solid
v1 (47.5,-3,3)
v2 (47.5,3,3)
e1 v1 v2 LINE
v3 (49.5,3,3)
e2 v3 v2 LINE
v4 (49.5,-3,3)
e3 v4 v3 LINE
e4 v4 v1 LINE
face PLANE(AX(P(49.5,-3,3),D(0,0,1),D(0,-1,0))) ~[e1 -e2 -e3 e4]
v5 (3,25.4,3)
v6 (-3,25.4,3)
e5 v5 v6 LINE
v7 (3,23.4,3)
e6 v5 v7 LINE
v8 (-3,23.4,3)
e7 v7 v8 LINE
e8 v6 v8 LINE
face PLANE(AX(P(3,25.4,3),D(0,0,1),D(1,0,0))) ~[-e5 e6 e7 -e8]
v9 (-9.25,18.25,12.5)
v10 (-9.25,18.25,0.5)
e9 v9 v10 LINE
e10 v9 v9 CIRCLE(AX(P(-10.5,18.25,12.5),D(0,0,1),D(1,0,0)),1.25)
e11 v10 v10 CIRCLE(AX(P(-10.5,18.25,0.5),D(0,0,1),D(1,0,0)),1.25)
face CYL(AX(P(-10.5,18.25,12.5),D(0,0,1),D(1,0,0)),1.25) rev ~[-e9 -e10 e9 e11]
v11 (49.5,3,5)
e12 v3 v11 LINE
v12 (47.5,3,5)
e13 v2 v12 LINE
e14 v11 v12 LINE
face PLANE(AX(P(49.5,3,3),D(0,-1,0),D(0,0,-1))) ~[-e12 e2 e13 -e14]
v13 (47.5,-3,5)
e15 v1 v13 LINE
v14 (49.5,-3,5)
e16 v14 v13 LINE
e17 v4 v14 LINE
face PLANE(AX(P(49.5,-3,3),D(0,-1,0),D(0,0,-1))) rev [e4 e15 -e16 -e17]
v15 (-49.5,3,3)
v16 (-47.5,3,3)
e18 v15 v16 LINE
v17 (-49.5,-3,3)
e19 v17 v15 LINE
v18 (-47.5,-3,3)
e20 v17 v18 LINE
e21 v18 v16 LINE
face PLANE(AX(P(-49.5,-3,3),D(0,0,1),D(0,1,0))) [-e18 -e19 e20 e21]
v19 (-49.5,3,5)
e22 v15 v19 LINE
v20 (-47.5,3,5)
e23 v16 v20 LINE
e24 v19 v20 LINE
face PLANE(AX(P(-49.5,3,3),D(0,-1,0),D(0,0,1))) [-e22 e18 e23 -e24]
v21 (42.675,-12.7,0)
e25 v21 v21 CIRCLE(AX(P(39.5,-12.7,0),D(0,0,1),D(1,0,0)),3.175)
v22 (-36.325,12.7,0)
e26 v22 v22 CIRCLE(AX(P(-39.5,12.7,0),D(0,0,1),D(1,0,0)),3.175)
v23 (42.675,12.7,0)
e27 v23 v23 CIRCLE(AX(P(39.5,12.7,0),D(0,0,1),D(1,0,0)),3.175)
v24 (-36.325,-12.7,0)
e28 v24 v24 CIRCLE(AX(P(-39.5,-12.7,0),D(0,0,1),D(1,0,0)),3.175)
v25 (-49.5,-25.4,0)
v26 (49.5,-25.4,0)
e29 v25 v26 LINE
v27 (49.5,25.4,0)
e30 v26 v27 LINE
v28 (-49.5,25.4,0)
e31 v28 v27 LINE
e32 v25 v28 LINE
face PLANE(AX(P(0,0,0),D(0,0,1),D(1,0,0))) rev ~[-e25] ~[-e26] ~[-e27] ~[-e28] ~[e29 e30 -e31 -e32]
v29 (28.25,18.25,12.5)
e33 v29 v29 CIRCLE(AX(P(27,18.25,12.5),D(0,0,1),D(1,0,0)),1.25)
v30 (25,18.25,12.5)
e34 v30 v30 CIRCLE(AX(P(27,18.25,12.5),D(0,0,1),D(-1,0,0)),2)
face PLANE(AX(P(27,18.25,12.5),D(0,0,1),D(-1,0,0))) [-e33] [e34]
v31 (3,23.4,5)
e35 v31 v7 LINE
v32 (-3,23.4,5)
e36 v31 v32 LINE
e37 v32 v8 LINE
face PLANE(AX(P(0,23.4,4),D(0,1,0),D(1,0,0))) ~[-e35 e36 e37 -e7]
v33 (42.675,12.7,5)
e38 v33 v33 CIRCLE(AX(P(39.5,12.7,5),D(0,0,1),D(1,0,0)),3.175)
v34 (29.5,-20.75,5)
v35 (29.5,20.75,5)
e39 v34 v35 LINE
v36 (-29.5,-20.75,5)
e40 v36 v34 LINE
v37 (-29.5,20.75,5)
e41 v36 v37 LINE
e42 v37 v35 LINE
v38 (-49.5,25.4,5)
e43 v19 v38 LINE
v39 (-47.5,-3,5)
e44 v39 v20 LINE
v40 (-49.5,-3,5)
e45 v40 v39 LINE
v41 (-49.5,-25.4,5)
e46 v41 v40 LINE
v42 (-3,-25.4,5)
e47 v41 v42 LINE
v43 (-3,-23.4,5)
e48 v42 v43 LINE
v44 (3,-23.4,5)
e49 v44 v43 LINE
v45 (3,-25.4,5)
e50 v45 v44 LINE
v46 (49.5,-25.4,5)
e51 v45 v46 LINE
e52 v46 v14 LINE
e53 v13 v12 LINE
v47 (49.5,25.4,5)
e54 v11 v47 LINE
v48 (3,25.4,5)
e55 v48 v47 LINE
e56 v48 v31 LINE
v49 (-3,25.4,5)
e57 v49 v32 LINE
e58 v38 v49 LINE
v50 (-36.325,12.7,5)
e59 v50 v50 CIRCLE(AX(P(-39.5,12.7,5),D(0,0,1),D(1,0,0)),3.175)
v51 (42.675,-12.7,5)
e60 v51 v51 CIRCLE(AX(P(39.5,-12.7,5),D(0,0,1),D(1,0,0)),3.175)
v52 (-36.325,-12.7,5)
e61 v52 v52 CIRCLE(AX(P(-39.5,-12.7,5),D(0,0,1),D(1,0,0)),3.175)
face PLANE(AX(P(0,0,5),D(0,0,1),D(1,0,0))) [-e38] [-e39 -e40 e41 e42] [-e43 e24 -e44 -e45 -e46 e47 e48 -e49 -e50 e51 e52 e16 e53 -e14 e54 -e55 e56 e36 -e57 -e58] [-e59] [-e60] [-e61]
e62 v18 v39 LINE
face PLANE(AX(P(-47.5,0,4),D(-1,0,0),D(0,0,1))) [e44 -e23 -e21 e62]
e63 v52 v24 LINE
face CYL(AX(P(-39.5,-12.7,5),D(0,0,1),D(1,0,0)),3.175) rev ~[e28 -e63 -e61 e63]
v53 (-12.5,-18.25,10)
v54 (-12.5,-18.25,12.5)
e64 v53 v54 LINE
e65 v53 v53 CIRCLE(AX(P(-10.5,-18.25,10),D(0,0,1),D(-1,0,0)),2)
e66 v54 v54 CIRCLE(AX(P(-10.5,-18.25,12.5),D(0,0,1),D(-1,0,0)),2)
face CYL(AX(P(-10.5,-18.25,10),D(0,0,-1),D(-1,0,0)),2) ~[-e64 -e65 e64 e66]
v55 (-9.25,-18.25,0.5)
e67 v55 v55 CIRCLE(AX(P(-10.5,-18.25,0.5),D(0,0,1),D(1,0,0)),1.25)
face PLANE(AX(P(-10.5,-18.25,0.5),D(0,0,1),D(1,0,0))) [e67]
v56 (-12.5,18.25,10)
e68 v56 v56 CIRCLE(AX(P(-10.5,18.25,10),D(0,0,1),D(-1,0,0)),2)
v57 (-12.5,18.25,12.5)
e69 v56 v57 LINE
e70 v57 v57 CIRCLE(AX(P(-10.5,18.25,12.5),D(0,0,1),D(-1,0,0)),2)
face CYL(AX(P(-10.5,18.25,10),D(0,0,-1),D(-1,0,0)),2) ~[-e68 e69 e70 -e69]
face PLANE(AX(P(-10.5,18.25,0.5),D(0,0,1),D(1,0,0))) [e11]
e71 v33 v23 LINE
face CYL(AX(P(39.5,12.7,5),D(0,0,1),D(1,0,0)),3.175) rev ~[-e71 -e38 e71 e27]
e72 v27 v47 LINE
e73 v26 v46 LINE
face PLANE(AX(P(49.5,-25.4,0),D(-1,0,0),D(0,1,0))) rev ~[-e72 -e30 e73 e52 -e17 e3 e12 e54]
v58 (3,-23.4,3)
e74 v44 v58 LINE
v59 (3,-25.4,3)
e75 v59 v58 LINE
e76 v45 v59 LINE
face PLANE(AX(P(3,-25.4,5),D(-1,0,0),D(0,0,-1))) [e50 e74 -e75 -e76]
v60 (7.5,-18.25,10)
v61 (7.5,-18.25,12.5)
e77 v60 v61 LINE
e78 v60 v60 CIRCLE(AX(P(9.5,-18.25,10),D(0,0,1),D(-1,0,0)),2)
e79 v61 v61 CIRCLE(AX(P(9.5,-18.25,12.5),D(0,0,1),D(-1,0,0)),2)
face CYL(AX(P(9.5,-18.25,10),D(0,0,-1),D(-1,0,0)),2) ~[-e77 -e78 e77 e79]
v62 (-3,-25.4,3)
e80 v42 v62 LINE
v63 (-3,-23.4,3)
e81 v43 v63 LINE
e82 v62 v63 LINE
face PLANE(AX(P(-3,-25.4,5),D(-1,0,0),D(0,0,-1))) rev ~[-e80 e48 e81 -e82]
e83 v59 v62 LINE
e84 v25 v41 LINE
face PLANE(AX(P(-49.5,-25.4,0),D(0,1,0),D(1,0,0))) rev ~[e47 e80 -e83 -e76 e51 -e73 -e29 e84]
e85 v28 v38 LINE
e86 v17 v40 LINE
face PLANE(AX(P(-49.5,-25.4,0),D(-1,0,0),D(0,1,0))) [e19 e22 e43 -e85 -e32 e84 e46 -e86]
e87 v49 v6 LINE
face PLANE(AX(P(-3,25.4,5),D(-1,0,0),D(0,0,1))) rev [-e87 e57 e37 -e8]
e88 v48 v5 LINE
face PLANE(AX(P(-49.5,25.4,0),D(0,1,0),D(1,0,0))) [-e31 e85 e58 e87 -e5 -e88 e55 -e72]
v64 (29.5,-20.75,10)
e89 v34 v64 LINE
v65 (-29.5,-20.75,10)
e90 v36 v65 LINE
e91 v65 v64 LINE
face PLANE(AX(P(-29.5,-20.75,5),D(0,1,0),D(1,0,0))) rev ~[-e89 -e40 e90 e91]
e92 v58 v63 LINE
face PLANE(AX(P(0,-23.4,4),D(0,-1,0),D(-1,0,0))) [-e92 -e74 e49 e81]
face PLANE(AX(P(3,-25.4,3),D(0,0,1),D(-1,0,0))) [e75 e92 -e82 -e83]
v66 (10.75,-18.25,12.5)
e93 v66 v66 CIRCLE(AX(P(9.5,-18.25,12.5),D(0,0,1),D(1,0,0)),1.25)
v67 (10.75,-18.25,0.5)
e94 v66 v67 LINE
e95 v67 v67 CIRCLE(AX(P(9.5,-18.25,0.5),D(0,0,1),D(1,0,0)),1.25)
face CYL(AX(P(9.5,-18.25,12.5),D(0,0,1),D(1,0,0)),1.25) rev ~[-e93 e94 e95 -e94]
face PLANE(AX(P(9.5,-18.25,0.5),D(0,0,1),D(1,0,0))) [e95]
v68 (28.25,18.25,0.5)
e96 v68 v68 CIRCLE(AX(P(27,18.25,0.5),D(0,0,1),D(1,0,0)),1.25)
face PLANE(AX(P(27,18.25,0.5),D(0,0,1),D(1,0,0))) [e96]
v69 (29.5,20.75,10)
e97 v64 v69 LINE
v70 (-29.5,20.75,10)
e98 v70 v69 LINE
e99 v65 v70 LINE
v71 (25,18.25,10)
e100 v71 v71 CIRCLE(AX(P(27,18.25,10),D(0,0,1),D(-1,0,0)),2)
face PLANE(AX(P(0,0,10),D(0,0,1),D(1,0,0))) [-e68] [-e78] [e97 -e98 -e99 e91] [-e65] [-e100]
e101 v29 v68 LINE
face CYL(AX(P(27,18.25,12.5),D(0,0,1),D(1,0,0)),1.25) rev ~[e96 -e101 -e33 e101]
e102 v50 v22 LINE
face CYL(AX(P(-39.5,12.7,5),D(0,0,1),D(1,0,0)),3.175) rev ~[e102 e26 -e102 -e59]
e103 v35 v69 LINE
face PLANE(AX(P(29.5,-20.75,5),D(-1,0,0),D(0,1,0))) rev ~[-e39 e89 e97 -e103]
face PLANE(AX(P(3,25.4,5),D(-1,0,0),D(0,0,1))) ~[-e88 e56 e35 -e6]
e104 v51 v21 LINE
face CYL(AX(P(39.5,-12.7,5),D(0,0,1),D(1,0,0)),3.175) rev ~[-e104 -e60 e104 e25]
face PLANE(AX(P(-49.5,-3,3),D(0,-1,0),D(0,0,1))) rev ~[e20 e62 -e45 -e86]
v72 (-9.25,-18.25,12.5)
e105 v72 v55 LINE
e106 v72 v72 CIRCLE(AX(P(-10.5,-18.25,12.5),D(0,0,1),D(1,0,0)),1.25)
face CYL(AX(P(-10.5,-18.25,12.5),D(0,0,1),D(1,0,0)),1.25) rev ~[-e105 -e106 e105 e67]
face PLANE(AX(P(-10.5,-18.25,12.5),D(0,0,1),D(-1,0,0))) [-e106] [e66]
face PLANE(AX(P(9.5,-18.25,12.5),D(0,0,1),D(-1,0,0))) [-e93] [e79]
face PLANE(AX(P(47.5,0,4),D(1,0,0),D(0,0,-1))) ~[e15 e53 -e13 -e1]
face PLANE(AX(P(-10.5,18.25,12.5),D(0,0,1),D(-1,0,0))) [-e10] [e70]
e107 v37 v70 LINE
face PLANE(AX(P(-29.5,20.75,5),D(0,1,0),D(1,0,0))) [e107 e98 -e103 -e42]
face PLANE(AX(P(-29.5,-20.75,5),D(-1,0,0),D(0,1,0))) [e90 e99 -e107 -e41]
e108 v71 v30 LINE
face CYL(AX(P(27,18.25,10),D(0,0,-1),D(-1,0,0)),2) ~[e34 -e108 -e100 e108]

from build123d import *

# Parameters (mm, degrees)
SKETCH1_W           = 99
SKETCH1_H           = 50.8
BOSS_EXTRUDE1_DEPTH = 5
SKETCH3_W           = 59
SKETCH3_H           = 41.5
BOSS_EXTRUDE2_DEPTH = 5
SKETCH2_R           = 3.175
CUT_EXTRUDE1_DEPTH  = 56.860630143
SKETCH4_R           = 2
BOSS_EXTRUDE3_DEPTH = 2.5
SKETCH5_R           = 1.25
CUT_EXTRUDE2_DEPTH  = 12
SKETCH6_W           = 6
SKETCH6_H           = 2
CUT_EXTRUDE3_DEPTH  = 2
SKETCH7_W           = 2
SKETCH7_H           = 6
CUT_EXTRUDE4_DEPTH  = 2


with BuildPart() as part:
    # Sketch1 → Boss-Extrude1 (new body)
    with BuildSketch(Plane.XY):
        Rectangle(SKETCH1_W, SKETCH1_H)
    extrude(amount=BOSS_EXTRUDE1_DEPTH)

    # Sketch3 → Boss-Extrude2 (add)
    with BuildSketch(Plane.XY.offset(5)):
        Rectangle(SKETCH3_W, SKETCH3_H)
    extrude(amount=BOSS_EXTRUDE2_DEPTH)

    # Sketch2 → Cut-Extrude1 (cut, through all)
    with BuildSketch(Plane.XY.offset(5)):
        with Locations((-39.5, 12.7)):
            Circle(SKETCH2_R)
        with Locations((-39.5, -12.7)):
            Circle(SKETCH2_R)
        with Locations((39.5, -12.7)):
            Circle(SKETCH2_R)
        with Locations((39.5, 12.7)):
            Circle(SKETCH2_R)
    extrude(amount=-CUT_EXTRUDE1_DEPTH, mode=Mode.SUBTRACT)

    # Sketch4 → Boss-Extrude3 (add)
    with BuildSketch(Plane.XY.offset(10)):
        with Locations(Location((-10.5, -18.25, 0), (0, 0, 180))):
            Circle(SKETCH4_R)
        with Locations(Location((9.5, -18.25, 0), (0, 0, 180))):
            Circle(SKETCH4_R)
        with Locations(Location((-10.5, 18.25, 0), (0, 0, 180))):
            Circle(SKETCH4_R)
        with Locations(Location((27, 18.25, 0), (0, 0, 180))):
            Circle(SKETCH4_R)
    extrude(amount=BOSS_EXTRUDE3_DEPTH)

    # Sketch5 → Cut-Extrude2 (cut)
    with BuildSketch(Plane.XY.offset(12.5)):
        with Locations((-10.5, 18.25)):
            Circle(SKETCH5_R)
        with Locations((27, 18.25)):
            Circle(SKETCH5_R)
        with Locations((9.5, -18.25)):
            Circle(SKETCH5_R)
        with Locations((-10.5, -18.25)):
            Circle(SKETCH5_R)
    extrude(amount=-CUT_EXTRUDE2_DEPTH, mode=Mode.SUBTRACT)

    # Sketch6 → Cut-Extrude3 (cut)
    with BuildSketch(Plane(origin=(0, -25.4, 0), x_dir=(-1, 0, 0), z_dir=(0, -1, 0))):
        with Locations((0, -4)):
            Rectangle(SKETCH6_W, SKETCH6_H)
    cut_extrude3 = extrude(amount=-CUT_EXTRUDE3_DEPTH, mode=Mode.SUBTRACT)

    # Sketch7 → Cut-Extrude4 (cut)
    with BuildSketch(Plane.ZY.offset(49.5)):
        with Locations((4, 0)):
            Rectangle(SKETCH7_W, SKETCH7_H)
    cut_extrude4 = extrude(amount=-CUT_EXTRUDE4_DEPTH, mode=Mode.SUBTRACT)

    # Mirror1: Cut-Extrude3 across plane
    add(cut_extrude3.mirror(Plane.ZX), mode=Mode.SUBTRACT)

    # Mirror2: Cut-Extrude4 across plane
    add(cut_extrude4.mirror(Plane(origin=(0, 0, 0), x_dir=(0, 0, 1), z_dir=(1, 0, 0))), mode=Mode.SUBTRACT)


solid = part.part
